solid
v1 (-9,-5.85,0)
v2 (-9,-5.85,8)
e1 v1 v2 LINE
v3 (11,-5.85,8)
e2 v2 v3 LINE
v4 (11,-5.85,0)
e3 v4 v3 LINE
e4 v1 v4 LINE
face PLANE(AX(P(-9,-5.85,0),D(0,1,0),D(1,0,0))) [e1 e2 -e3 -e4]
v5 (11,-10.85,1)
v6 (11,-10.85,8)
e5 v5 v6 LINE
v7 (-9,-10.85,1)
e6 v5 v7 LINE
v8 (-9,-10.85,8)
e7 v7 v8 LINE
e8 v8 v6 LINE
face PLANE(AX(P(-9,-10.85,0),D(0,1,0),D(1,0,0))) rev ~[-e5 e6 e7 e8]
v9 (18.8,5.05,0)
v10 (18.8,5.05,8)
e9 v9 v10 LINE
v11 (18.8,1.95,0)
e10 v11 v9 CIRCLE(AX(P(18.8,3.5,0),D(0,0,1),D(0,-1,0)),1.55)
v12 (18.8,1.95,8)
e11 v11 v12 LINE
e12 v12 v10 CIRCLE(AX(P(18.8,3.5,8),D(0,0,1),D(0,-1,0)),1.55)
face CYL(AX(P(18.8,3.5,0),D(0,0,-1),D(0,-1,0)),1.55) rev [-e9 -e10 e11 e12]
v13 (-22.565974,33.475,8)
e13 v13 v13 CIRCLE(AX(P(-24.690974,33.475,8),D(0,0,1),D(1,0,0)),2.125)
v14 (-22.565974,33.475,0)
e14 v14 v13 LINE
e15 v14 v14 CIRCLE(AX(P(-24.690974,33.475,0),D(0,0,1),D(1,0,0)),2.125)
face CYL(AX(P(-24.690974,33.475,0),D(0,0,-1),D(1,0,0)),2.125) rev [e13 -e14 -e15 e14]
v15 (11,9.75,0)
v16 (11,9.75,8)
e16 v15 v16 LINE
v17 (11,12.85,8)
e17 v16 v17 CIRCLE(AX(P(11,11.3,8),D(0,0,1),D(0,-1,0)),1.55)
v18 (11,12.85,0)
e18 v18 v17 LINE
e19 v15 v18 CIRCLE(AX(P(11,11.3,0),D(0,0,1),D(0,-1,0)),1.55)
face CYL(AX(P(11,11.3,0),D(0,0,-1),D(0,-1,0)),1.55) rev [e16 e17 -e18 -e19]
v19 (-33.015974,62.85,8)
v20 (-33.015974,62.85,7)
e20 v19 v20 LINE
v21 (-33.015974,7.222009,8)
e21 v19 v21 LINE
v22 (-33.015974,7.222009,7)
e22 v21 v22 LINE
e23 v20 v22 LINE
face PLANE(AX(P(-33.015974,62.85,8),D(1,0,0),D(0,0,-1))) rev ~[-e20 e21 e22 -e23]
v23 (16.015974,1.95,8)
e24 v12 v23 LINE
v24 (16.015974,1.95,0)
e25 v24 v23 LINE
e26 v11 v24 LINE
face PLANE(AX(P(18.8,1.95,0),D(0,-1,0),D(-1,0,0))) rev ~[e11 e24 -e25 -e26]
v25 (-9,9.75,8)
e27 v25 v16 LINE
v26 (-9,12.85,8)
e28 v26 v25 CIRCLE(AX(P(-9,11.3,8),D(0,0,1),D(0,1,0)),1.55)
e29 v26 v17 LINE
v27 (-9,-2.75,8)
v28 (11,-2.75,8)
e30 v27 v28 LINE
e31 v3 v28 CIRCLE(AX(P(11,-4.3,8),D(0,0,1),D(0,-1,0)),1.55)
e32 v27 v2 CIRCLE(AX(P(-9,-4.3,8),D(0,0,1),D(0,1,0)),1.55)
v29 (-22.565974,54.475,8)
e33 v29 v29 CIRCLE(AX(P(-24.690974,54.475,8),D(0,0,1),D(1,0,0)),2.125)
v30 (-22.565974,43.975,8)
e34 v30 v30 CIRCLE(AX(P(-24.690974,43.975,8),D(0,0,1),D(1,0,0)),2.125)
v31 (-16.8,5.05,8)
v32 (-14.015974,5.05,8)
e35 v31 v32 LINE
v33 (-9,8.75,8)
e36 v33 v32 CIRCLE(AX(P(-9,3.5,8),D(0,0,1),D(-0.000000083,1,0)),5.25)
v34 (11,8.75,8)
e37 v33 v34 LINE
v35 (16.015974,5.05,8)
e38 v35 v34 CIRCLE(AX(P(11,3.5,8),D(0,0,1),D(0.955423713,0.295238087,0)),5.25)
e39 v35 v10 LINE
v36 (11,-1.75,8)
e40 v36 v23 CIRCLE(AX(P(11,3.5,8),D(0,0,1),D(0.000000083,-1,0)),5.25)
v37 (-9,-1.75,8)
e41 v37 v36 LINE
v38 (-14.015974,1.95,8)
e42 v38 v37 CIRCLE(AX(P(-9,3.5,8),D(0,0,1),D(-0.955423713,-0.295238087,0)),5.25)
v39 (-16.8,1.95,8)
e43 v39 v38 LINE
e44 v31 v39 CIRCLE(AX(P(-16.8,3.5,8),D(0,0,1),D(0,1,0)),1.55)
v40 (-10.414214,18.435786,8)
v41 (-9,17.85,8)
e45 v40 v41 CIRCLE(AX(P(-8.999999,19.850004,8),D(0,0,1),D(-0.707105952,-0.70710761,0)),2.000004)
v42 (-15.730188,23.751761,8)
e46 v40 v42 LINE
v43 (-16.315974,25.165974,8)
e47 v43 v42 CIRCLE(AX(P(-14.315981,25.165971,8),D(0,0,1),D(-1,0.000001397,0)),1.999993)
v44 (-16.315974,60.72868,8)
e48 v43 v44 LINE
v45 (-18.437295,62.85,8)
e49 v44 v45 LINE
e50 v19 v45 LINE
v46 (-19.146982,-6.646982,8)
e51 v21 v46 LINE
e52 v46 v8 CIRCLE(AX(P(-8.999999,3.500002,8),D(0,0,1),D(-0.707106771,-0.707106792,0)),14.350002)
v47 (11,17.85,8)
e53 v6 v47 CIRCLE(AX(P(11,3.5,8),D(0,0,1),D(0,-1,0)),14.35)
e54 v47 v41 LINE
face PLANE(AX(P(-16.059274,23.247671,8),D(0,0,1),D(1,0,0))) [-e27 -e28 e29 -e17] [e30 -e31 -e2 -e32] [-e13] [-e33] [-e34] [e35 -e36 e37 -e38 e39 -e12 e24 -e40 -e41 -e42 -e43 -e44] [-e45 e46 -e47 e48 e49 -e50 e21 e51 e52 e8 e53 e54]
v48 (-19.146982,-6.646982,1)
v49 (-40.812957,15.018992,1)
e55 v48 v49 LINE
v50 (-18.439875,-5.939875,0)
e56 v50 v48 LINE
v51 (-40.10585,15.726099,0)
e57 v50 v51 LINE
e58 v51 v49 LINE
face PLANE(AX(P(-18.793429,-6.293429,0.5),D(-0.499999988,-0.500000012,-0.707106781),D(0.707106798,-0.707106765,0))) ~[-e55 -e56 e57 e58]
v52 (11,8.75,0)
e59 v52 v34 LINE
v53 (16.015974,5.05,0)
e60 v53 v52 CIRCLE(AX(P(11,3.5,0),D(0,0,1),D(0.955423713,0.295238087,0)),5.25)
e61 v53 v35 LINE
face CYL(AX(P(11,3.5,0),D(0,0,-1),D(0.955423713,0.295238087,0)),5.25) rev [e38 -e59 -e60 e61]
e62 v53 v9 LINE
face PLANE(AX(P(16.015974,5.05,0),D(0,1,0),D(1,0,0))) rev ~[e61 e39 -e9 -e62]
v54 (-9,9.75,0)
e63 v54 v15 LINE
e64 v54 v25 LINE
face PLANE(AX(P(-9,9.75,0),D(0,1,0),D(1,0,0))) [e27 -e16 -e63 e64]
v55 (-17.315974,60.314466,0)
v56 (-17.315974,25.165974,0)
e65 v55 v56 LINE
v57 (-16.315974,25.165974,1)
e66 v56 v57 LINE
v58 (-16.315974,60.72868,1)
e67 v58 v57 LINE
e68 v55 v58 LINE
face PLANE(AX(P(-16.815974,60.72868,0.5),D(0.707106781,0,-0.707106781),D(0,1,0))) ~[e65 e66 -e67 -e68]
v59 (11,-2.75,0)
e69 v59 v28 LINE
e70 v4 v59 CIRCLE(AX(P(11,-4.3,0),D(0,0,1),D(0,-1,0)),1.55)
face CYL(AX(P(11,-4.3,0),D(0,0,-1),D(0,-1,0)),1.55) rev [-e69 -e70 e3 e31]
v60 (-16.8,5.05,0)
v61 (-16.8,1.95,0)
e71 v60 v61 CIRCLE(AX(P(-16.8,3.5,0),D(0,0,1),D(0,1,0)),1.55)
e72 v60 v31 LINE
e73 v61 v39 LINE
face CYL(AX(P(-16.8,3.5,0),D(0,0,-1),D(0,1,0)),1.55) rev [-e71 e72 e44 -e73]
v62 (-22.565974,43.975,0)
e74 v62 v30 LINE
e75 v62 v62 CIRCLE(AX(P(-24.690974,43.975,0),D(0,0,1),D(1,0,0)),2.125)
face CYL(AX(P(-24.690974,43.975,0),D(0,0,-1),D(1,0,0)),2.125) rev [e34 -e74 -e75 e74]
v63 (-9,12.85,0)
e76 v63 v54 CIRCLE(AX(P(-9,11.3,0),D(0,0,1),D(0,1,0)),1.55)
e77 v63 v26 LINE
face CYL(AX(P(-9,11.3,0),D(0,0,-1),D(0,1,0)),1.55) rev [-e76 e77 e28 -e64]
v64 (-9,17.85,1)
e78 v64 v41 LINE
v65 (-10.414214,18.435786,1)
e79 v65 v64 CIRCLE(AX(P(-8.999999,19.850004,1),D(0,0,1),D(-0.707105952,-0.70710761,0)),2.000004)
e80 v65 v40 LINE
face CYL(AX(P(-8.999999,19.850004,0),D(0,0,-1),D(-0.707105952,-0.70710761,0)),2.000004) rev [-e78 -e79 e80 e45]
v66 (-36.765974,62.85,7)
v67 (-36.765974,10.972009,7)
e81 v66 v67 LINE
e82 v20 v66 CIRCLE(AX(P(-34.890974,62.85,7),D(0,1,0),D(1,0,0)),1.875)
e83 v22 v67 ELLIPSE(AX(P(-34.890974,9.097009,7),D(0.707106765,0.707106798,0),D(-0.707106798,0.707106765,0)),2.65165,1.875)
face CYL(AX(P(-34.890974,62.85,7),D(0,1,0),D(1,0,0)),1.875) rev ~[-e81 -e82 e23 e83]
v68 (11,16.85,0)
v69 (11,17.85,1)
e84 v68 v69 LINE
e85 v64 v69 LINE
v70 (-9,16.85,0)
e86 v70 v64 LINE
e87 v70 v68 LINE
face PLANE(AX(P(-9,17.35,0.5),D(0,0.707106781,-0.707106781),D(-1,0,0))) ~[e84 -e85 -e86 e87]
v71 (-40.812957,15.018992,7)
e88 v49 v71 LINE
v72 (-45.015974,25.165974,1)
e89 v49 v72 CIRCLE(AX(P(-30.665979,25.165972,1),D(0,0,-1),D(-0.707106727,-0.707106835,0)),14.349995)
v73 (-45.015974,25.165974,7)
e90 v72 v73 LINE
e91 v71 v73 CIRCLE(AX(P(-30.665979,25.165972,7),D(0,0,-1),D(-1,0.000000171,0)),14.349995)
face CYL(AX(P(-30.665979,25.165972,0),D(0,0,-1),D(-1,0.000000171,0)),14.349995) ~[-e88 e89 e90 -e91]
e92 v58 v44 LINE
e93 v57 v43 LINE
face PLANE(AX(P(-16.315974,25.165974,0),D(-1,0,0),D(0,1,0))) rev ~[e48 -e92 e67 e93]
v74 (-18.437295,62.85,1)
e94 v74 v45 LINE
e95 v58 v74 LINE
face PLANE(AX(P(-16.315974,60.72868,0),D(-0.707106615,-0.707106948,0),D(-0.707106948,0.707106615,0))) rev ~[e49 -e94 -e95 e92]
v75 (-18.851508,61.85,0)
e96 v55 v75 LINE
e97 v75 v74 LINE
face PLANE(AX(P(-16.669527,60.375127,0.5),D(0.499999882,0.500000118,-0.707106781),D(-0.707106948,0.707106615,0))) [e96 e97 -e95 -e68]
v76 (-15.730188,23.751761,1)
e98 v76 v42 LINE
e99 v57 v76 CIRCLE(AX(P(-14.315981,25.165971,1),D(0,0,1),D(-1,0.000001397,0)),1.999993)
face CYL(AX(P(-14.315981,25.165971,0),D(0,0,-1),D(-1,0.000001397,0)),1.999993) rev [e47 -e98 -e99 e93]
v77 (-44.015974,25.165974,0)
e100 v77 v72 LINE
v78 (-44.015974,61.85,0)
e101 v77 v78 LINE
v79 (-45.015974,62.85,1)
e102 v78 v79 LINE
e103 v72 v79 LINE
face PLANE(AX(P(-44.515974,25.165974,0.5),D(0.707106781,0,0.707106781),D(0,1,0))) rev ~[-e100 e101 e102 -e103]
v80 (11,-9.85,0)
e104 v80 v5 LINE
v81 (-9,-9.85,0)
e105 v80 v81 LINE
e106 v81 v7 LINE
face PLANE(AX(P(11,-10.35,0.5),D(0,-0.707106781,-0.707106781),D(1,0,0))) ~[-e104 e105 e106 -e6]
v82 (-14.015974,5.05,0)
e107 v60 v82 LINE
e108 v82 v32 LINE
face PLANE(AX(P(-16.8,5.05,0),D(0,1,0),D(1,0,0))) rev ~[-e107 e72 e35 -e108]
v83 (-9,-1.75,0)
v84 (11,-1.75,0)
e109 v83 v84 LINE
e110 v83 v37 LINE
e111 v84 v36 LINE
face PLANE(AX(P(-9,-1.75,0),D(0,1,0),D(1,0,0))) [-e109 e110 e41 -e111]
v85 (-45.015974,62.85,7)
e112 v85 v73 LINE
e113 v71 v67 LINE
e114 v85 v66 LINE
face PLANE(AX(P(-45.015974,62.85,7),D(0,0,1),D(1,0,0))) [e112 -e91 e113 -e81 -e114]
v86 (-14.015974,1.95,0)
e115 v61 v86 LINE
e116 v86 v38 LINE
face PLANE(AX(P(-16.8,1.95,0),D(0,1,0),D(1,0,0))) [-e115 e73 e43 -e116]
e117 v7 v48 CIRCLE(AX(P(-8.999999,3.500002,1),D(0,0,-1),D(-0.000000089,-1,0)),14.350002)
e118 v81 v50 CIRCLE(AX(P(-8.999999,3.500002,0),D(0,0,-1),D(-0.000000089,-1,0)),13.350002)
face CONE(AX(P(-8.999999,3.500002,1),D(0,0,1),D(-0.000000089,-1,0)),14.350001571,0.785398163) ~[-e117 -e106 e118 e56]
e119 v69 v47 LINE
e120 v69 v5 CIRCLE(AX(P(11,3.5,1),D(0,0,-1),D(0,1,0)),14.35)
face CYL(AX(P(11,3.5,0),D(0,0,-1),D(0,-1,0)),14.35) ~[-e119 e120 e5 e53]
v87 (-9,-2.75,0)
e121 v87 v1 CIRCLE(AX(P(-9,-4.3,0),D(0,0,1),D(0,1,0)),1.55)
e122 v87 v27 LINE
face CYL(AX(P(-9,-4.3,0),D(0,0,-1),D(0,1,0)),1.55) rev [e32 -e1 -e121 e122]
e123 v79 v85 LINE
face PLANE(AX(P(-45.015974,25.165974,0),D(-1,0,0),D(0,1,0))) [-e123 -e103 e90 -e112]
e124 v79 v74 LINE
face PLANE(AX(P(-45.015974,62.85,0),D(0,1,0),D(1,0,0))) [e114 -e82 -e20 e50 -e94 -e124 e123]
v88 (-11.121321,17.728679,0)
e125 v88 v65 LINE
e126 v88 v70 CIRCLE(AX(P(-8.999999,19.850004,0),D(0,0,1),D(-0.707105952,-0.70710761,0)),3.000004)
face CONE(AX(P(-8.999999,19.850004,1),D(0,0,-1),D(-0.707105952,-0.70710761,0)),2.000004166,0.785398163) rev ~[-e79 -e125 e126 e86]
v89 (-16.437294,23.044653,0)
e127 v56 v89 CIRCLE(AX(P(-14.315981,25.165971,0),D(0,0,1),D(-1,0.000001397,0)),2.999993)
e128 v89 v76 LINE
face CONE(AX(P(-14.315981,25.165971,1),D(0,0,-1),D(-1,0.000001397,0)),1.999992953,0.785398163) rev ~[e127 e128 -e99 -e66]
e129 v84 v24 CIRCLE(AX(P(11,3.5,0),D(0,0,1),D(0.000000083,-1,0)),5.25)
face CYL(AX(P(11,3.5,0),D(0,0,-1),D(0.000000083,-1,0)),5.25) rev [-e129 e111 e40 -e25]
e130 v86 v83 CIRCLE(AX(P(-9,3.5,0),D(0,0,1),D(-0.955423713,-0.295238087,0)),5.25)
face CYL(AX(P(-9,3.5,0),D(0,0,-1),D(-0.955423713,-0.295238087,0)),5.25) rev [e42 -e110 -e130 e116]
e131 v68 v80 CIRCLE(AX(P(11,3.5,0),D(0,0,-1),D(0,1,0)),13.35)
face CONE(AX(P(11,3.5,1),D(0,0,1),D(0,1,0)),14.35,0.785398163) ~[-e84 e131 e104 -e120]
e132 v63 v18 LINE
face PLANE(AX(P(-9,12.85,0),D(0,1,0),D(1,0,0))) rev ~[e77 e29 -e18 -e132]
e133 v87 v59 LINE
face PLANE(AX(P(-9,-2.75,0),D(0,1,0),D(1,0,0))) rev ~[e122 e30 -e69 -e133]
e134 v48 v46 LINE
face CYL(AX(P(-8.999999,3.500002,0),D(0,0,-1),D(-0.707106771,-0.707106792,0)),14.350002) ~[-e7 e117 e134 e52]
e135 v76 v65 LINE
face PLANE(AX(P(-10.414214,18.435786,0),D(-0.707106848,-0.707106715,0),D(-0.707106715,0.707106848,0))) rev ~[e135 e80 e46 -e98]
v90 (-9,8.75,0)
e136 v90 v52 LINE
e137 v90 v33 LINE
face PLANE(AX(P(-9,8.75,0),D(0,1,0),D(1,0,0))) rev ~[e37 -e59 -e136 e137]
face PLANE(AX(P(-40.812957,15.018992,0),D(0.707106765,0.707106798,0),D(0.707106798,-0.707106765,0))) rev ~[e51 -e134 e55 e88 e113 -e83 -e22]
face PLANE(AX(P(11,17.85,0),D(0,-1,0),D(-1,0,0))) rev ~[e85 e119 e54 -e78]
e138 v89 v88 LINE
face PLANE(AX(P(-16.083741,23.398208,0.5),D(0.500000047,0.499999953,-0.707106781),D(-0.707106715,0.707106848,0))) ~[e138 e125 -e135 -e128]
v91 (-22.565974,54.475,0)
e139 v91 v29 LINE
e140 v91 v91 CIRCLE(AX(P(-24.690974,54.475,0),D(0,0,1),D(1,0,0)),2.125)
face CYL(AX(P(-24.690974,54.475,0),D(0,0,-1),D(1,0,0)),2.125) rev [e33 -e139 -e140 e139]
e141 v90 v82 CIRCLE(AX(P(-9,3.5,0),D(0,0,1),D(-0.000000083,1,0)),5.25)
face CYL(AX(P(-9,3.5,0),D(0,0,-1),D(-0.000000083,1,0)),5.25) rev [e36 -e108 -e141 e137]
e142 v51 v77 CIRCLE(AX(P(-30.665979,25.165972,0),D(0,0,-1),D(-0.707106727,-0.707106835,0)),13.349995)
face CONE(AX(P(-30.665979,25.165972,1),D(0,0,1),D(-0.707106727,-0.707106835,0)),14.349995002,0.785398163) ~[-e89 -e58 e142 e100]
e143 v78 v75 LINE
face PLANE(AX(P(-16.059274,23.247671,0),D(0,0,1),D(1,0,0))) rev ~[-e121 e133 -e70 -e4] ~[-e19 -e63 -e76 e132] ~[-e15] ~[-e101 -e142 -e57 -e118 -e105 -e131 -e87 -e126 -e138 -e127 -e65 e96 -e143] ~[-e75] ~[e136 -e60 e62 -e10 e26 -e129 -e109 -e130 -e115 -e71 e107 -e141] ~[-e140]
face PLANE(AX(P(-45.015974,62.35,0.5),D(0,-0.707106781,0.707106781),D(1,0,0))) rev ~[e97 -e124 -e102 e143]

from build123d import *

# Parameters (mm, degrees)
SKETCH007_R     = 2.125
PAD002_DEPTH    = 8
POCKET005_DEPTH = 73.701
CHAMFER003_SIZE = 1


with BuildPart() as part:
    # Sketch007 → Pad002 (new body)
    with BuildSketch(Plane.XY):
        with BuildLine():
            ThreePointArc((0, -14.35), (14.35, 0), (0, 14.35))
            Line((0, 14.35), (-20, 14.35))
            ThreePointArc((-21.414214, 14.935786), (-20.765367, 14.502241), (-20, 14.35))
            Line((-21.414214, 14.935786), (-26.730188, 20.251761))
            ThreePointArc((-27.315974, 21.665974), (-27.163734, 20.900608), (-26.730188, 20.251761))
            Line((-27.315974, 21.665974), (-27.315974, 57.22868))
            Line((-27.315974, 57.22868), (-29.437295, 59.35))
            Line((-56.015974, 59.35), (-29.437295, 59.35))
            Line((-56.015974, 21.665974), (-56.015974, 59.35))
            ThreePointArc((-56.015974, 21.665974), (-54.923646, 16.174467), (-51.812957, 11.518992))
            Line((-51.812957, 11.518992), (-30.146982, -10.146982))
            ThreePointArc((-30.146982, -10.146982), (-25.491507, -13.257671), (-20, -14.35))
            Line((-20, -14.35), (0, -14.35))
        make_face()
        with Locations((-35.690974, 50.975)):
            Circle(SKETCH007_R, mode=Mode.SUBTRACT)
        with Locations((-35.690974, 40.475)):
            Circle(SKETCH007_R, mode=Mode.SUBTRACT)
        with Locations((-35.690974, 29.975)):
            Circle(SKETCH007_R, mode=Mode.SUBTRACT)
        with BuildLine():
            ThreePointArc((0, 6.25), (1.55, 7.8), (0, 9.35))
            Line((-20, 9.35), (0, 9.35))
            ThreePointArc((-20, 9.35), (-21.55, 7.8), (-20, 6.25))
            Line((-20, 6.25), (0, 6.25))
        make_face(mode=Mode.SUBTRACT)
        with BuildLine():
            ThreePointArc((-20, -6.25), (-21.55, -7.8), (-20, -9.35))
            Line((-20, -9.35), (0, -9.35))
            ThreePointArc((0, -9.35), (1.55, -7.8), (0, -6.25))
            Line((-20, -6.25), (0, -6.25))
        make_face(mode=Mode.SUBTRACT)
        with BuildLine():
            ThreePointArc((7.8, -1.55), (9.35, 0), (7.8, 1.55))
            Line((5.015974, 1.55), (7.8, 1.55))
            ThreePointArc((5.015974, 1.55), (3.116488, 4.224926), (0, 5.25))
            Line((-20, 5.25), (0, 5.25))
            ThreePointArc((-20, 5.25), (-23.116488, 4.224926), (-25.015974, 1.55))
            Line((-27.8, 1.55), (-25.015974, 1.55))
            ThreePointArc((-27.8, 1.55), (-29.35, 0), (-27.8, -1.55))
            Line((-27.8, -1.55), (-25.015974, -1.55))
            ThreePointArc((-25.015974, -1.55), (-23.116488, -4.224926), (-20, -5.25))
            Line((-20, -5.25), (0, -5.25))
            ThreePointArc((0, -5.25), (3.116488, -4.224926), (5.015974, -1.55))
            Line((7.8, -1.55), (5.015974, -1.55))
        make_face(mode=Mode.SUBTRACT)
    extrude(amount=PAD002_DEPTH)

    # Sketch008 (on Face12 of Pad002) → Pocket005 (cut, through all)
    with BuildSketch(Plane(origin=(0, 59.35, 0), x_dir=(-1, 0, 0), z_dir=(0, 1, 0))):
        with BuildLine():
            Line((56.015974, 7), (47.765974, 7))
            ThreePointArc((44.015974, 7), (45.890974, 5.125), (47.765974, 7))
            Line((44.015974, 8), (44.015974, 7))
            Line((44.015974, 8), (56.015974, 8))
            Line((56.015974, 8), (56.015974, 7))
        make_face()
    extrude(amount=-POCKET005_DEPTH, mode=Mode.SUBTRACT)

    # Chamfer003
    chamfer003_edges = [part.edges().sort_by_distance(p)[0] for p in [
        (-42.726635, 59.35, 0),
        (-56.015974, 40.507987, 0),
        (-54.923646, 16.174467, 0),
        (-40.97997, 0.686005, 0),
        (-25.491507, -13.257671, 0),
        (-10, -14.35, 0),
        (14.35, 0, 0),
        (-10, 14.35, 0),
        (-20.765367, 14.502241, 0),
        (-24.072201, 17.593774, 0),
        (-27.163734, 20.900608, 0),
        (-27.315974, 39.447327, 0),
        (-28.376635, 58.28934, 0),
    ]]
    chamfer(chamfer003_edges, length=CHAMFER003_SIZE)


with BuildPart() as part_1:
    # Body002 placement: moved
    add(part.part.moved(Location((11, 3.5, 0))))


solid = part_1.part
